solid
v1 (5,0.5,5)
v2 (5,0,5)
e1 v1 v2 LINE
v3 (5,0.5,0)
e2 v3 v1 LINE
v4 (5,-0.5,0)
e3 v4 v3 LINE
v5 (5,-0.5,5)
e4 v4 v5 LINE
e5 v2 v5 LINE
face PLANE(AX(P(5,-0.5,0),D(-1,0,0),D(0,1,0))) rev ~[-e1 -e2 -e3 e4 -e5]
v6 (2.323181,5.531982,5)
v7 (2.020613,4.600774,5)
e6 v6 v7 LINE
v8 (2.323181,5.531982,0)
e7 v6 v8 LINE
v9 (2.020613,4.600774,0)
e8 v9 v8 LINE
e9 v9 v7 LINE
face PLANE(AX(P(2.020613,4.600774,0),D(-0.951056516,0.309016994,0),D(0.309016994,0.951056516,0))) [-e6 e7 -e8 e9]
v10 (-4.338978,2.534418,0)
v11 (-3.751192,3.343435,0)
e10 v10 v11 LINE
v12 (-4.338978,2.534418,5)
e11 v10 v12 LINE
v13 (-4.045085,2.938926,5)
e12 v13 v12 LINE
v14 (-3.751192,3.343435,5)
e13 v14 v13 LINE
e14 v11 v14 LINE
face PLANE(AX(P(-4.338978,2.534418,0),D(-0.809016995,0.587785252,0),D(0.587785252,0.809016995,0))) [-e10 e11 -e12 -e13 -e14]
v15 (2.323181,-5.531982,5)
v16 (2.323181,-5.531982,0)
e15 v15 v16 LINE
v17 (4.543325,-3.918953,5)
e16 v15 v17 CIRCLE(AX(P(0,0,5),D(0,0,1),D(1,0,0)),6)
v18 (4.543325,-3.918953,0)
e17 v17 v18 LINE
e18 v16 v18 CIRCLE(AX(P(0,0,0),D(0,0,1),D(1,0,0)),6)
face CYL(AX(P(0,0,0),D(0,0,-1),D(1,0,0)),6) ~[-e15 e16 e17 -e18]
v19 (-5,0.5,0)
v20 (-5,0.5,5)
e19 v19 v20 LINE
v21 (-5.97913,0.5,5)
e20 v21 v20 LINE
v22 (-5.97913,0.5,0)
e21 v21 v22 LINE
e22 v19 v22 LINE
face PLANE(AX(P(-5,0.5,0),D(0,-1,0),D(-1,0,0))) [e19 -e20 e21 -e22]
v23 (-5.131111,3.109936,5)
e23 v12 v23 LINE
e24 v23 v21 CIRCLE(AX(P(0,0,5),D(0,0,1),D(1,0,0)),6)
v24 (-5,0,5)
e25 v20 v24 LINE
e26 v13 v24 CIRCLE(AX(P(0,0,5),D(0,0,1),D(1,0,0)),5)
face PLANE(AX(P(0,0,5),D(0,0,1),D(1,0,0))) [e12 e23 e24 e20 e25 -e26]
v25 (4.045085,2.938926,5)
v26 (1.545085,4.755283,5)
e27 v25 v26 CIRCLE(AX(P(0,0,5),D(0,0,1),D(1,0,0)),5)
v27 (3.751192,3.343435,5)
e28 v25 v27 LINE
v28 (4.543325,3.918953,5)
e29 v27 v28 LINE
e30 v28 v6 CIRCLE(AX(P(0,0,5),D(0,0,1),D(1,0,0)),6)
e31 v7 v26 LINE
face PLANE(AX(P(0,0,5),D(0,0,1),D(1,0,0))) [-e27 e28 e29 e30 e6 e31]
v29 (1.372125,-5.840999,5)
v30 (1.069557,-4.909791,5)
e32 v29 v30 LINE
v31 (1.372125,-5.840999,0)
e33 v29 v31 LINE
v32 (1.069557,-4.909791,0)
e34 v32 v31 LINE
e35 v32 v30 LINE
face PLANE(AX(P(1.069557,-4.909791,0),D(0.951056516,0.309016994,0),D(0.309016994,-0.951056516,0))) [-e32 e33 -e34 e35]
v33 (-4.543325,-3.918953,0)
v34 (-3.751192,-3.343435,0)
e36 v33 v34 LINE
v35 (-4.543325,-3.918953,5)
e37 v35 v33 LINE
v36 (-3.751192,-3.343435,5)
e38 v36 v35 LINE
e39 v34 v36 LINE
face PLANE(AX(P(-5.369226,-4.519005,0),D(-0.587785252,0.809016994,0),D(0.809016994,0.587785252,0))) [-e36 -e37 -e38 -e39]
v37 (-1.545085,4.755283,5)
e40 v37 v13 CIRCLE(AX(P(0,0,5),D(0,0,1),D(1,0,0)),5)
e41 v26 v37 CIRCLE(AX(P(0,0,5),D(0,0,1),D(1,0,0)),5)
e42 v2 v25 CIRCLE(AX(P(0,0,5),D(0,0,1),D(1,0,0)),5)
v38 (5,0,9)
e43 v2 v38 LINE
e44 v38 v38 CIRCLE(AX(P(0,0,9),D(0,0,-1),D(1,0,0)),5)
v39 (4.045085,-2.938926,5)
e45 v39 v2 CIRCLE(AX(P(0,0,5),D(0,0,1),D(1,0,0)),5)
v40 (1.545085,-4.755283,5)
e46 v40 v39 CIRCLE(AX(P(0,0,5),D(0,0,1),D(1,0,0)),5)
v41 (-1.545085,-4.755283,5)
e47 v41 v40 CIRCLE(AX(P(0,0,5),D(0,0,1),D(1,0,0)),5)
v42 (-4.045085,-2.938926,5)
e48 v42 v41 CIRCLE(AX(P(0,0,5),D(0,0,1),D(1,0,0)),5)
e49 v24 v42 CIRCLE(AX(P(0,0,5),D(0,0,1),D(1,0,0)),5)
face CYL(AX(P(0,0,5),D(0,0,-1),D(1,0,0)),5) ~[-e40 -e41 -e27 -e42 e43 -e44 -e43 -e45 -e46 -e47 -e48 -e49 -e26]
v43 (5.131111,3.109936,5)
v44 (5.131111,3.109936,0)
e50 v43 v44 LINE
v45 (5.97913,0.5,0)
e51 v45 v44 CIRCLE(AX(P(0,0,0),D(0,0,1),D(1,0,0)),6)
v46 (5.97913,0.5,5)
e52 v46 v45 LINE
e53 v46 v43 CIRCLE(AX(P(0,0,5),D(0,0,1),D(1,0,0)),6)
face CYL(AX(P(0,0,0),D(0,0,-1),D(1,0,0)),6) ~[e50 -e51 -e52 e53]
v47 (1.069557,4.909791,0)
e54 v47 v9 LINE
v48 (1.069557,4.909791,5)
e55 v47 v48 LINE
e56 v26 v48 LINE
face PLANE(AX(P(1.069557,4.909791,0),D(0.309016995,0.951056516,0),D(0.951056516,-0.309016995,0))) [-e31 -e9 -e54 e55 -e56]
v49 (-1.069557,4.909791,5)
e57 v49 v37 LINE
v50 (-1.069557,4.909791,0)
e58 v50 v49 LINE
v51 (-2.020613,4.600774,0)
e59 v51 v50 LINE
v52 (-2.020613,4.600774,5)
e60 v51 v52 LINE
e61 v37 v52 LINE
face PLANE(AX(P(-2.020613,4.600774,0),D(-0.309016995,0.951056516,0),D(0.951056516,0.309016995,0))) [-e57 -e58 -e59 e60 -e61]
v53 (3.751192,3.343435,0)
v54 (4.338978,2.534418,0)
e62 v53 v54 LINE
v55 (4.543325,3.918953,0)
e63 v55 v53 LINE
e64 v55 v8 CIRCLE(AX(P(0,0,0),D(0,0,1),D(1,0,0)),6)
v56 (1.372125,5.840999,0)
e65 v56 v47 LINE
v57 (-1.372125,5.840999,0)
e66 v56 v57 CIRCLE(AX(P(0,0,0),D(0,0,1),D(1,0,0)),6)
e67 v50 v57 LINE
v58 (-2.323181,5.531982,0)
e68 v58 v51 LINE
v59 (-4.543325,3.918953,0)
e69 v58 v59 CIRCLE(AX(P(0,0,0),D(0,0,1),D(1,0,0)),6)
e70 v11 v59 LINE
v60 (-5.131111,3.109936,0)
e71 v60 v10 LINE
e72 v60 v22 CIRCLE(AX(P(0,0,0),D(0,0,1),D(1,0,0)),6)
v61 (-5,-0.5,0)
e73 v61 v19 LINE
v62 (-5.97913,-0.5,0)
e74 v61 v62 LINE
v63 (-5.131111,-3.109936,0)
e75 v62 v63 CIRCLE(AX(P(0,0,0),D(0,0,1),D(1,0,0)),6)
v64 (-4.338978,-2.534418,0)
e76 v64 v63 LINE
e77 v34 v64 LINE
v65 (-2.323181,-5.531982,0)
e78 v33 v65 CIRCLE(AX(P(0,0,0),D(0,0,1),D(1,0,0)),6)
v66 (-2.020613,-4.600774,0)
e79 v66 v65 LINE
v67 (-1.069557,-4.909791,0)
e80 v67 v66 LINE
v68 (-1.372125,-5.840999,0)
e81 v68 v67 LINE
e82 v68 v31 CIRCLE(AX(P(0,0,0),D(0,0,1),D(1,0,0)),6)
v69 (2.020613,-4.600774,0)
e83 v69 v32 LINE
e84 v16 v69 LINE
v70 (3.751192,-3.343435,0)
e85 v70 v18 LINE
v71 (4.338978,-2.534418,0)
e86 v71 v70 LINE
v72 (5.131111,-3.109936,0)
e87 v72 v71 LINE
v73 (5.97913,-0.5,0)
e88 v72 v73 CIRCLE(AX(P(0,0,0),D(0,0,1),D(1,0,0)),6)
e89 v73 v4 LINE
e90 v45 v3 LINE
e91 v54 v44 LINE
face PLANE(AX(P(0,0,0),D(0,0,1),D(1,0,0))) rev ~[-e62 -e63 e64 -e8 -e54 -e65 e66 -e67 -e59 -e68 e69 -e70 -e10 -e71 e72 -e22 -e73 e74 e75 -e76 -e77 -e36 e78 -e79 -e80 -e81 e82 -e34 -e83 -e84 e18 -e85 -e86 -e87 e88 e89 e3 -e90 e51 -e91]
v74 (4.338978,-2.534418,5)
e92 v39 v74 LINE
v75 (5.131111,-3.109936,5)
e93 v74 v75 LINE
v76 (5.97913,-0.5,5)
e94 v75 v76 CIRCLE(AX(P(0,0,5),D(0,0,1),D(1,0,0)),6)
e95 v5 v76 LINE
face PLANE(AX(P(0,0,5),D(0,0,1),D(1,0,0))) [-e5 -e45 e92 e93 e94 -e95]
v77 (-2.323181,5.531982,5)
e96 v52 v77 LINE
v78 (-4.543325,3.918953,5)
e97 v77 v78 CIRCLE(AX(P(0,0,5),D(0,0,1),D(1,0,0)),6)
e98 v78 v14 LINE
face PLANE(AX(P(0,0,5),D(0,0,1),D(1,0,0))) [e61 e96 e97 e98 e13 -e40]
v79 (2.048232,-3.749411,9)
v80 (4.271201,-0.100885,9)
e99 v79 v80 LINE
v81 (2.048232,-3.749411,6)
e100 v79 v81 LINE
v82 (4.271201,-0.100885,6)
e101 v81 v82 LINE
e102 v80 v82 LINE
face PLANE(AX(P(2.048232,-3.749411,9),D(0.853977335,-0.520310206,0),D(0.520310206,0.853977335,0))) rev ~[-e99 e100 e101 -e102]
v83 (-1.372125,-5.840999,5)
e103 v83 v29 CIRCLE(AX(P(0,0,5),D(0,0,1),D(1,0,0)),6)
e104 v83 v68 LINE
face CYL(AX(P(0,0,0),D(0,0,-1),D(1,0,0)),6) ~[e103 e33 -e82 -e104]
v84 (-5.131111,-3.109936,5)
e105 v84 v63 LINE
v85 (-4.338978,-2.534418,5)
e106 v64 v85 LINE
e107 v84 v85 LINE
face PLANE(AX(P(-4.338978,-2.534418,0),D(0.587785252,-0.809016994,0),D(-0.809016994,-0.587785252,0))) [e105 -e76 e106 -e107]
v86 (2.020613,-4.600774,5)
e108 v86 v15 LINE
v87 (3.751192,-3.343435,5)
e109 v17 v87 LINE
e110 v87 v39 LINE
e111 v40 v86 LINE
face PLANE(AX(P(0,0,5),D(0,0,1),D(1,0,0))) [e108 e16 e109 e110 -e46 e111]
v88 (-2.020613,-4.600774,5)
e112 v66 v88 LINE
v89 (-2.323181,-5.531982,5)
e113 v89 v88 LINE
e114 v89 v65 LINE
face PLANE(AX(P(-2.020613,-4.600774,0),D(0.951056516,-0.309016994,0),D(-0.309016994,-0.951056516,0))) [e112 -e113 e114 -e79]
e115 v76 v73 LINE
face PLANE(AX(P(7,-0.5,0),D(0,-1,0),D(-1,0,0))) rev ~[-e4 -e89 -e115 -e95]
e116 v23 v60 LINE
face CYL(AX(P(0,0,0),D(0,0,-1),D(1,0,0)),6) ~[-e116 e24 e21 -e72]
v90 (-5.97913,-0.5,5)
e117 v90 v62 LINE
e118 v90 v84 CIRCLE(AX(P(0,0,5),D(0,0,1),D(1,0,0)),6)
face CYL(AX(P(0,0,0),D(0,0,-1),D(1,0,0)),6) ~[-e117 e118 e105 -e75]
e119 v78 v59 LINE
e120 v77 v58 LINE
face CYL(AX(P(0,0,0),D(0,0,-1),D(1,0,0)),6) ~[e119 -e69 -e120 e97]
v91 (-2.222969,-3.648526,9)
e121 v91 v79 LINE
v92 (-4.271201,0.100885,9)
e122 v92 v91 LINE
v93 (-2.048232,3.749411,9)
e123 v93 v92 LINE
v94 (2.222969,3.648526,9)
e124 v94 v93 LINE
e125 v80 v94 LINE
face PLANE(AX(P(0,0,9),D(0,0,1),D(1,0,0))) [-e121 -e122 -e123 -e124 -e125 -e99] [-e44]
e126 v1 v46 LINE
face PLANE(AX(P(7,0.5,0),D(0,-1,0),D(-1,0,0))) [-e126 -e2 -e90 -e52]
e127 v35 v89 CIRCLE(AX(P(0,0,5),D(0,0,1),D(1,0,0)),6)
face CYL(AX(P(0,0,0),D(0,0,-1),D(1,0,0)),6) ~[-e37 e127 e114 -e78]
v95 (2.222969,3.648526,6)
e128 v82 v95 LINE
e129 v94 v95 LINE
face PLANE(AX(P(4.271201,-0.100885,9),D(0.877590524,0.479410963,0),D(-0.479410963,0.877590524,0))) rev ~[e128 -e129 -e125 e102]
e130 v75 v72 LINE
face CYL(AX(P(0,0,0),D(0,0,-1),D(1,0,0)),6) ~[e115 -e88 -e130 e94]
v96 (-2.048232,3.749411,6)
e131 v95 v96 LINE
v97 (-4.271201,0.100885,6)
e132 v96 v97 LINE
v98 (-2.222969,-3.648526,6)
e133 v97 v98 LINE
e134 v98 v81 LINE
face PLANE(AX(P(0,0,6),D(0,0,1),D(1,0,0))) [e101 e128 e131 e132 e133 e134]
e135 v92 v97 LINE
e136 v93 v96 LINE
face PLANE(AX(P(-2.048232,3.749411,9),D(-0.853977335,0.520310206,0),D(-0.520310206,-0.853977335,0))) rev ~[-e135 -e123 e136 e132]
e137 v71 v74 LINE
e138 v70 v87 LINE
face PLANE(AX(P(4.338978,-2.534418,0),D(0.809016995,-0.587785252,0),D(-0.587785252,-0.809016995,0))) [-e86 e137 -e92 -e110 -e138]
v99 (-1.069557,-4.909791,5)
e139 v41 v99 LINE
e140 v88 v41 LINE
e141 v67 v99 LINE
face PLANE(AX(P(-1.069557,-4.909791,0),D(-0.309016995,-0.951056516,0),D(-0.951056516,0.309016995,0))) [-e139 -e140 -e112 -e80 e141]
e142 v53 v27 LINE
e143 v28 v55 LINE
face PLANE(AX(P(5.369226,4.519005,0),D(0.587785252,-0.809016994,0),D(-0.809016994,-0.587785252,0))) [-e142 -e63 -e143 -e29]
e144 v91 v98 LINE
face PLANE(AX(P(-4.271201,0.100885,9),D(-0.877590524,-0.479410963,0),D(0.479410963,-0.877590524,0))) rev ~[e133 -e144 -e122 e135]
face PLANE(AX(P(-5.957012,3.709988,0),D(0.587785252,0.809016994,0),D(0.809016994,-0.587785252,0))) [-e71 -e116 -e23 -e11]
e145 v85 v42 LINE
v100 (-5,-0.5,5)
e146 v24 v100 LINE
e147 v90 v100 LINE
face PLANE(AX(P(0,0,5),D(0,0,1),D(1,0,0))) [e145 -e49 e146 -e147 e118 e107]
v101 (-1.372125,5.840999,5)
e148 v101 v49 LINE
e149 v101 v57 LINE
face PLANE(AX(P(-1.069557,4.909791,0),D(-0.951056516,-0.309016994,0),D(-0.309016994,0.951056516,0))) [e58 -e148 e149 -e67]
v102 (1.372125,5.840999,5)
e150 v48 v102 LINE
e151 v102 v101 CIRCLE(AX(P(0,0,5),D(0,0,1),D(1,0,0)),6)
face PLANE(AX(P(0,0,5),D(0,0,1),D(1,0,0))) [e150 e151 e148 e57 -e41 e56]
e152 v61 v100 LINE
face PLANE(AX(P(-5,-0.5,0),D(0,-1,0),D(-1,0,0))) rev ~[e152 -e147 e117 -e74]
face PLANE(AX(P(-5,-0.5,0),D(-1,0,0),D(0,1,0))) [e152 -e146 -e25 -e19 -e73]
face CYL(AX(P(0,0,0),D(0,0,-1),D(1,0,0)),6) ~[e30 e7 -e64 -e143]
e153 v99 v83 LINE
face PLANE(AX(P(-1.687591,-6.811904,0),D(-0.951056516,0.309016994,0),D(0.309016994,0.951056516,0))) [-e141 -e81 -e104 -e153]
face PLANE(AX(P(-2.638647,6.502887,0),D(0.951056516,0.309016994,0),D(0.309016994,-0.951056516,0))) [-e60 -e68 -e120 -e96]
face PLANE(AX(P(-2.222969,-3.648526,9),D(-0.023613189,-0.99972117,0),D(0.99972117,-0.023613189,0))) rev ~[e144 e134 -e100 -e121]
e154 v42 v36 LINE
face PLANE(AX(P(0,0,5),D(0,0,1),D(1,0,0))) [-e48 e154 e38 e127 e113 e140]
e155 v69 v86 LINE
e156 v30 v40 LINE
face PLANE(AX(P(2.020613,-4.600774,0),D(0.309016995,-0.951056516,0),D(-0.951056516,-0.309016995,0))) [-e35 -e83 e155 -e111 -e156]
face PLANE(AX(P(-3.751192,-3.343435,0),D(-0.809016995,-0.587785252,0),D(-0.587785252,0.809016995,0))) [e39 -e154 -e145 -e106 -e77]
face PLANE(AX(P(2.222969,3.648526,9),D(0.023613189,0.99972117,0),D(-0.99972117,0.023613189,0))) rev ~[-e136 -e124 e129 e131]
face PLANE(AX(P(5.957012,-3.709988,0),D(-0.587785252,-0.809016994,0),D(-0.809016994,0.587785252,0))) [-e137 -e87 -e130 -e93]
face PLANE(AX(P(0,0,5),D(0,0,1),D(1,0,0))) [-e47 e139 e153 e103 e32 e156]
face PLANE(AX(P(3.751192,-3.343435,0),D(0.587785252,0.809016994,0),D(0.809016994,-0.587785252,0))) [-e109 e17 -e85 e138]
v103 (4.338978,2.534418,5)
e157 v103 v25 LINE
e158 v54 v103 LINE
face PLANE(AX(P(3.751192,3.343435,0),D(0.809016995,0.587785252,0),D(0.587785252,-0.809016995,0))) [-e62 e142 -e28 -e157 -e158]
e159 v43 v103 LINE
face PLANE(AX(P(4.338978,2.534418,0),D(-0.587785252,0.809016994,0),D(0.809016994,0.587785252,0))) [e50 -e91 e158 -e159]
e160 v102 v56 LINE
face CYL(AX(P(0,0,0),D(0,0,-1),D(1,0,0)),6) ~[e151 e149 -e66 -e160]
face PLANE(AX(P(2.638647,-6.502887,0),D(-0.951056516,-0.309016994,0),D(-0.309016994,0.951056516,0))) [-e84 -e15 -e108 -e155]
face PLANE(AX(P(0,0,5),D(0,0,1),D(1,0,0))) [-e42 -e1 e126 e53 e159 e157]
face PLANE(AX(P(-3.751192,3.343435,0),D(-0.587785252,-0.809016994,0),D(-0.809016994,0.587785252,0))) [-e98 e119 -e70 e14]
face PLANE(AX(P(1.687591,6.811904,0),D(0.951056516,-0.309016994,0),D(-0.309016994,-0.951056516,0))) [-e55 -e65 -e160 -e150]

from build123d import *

# Parameters (mm, degrees)
SKETCH1_R           = 6
BOSS_EXTRUDE1_DEPTH = 5
SKETCH2_R           = 5
BOSS_EXTRUDE2_DEPTH = 4
CUT_EXTRUDE1_DEPTH  = 3
SKETCH4_W           = 2
SKETCH4_H           = 1
CUT_EXTRUDE2_DEPTH  = 10


with BuildPart() as part:
    # Sketch1 → Boss-Extrude1 (new body)
    with BuildSketch(Plane.XY):
        Circle(SKETCH1_R)
    extrude(amount=BOSS_EXTRUDE1_DEPTH)

    # Sketch2 → Boss-Extrude2 (add)
    with BuildSketch(Plane.XY.offset(5)):
        Circle(SKETCH2_R)
    extrude(amount=BOSS_EXTRUDE2_DEPTH)

    # Sketch3 → Cut-Extrude1 (cut)
    with BuildSketch(Plane.XY.offset(9)):
        Polygon((2.048231561, -3.749410728), (4.27120072, -0.1008848), (2.222969159, 3.648525928), (-2.048231561, 3.749410728), (-4.27120072, 0.1008848), (-2.222969159, -3.648525928), align=None)
    extrude(amount=-CUT_EXTRUDE1_DEPTH, mode=Mode.SUBTRACT)

    # Sketch4 → Cut-Extrude2 (cut)
    with BuildSketch(Plane(origin=(0, 0, 0), x_dir=(-1, 0, 0), z_dir=(0, 0, -1))):
        Polygon((5.957011587, -3.709988269), (5.369226334, -4.519005263), (3.751192346, -3.343434759), (4.338977598, -2.534417764), align=None)
        with Locations((6, 0)):
            Rectangle(SKETCH4_W, SKETCH4_H)
        Polygon((2.638647219, -6.502887117), (1.687590702, -6.811904111), (1.069556714, -4.909791079), (2.02061323, -4.600774084), align=None)
        Polygon((-1.687590702, -6.811904111), (-2.638647219, -6.502887117), (-2.02061323, -4.600774084), (-1.069556714, -4.909791079), align=None)
        Polygon((-5.369226334, -4.519005263), (-5.957011587, -3.709988269), (-4.338977598, -2.534417764), (-3.751192346, -3.343434759), align=None)
        with Locations((-6, 0)):
            Rectangle(SKETCH4_W, SKETCH4_H)
        Polygon((-5.957011587, 3.709988269), (-5.369226334, 4.519005263), (-3.751192346, 3.343434759), (-4.338977598, 2.534417764), align=None)
        Polygon((-2.638647219, 6.502887117), (-1.687590702, 6.811904111), (-1.069556714, 4.909791079), (-2.02061323, 4.600774084), align=None)
        Polygon((1.687590702, 6.811904111), (2.638647219, 6.502887117), (2.02061323, 4.600774084), (1.069556714, 4.909791079), align=None)
        Polygon((5.369226334, 4.519005263), (5.957011587, 3.709988269), (4.338977598, 2.534417764), (3.751192346, 3.343434759), align=None)
    extrude(amount=-CUT_EXTRUDE2_DEPTH, mode=Mode.SUBTRACT)


solid = part.part
